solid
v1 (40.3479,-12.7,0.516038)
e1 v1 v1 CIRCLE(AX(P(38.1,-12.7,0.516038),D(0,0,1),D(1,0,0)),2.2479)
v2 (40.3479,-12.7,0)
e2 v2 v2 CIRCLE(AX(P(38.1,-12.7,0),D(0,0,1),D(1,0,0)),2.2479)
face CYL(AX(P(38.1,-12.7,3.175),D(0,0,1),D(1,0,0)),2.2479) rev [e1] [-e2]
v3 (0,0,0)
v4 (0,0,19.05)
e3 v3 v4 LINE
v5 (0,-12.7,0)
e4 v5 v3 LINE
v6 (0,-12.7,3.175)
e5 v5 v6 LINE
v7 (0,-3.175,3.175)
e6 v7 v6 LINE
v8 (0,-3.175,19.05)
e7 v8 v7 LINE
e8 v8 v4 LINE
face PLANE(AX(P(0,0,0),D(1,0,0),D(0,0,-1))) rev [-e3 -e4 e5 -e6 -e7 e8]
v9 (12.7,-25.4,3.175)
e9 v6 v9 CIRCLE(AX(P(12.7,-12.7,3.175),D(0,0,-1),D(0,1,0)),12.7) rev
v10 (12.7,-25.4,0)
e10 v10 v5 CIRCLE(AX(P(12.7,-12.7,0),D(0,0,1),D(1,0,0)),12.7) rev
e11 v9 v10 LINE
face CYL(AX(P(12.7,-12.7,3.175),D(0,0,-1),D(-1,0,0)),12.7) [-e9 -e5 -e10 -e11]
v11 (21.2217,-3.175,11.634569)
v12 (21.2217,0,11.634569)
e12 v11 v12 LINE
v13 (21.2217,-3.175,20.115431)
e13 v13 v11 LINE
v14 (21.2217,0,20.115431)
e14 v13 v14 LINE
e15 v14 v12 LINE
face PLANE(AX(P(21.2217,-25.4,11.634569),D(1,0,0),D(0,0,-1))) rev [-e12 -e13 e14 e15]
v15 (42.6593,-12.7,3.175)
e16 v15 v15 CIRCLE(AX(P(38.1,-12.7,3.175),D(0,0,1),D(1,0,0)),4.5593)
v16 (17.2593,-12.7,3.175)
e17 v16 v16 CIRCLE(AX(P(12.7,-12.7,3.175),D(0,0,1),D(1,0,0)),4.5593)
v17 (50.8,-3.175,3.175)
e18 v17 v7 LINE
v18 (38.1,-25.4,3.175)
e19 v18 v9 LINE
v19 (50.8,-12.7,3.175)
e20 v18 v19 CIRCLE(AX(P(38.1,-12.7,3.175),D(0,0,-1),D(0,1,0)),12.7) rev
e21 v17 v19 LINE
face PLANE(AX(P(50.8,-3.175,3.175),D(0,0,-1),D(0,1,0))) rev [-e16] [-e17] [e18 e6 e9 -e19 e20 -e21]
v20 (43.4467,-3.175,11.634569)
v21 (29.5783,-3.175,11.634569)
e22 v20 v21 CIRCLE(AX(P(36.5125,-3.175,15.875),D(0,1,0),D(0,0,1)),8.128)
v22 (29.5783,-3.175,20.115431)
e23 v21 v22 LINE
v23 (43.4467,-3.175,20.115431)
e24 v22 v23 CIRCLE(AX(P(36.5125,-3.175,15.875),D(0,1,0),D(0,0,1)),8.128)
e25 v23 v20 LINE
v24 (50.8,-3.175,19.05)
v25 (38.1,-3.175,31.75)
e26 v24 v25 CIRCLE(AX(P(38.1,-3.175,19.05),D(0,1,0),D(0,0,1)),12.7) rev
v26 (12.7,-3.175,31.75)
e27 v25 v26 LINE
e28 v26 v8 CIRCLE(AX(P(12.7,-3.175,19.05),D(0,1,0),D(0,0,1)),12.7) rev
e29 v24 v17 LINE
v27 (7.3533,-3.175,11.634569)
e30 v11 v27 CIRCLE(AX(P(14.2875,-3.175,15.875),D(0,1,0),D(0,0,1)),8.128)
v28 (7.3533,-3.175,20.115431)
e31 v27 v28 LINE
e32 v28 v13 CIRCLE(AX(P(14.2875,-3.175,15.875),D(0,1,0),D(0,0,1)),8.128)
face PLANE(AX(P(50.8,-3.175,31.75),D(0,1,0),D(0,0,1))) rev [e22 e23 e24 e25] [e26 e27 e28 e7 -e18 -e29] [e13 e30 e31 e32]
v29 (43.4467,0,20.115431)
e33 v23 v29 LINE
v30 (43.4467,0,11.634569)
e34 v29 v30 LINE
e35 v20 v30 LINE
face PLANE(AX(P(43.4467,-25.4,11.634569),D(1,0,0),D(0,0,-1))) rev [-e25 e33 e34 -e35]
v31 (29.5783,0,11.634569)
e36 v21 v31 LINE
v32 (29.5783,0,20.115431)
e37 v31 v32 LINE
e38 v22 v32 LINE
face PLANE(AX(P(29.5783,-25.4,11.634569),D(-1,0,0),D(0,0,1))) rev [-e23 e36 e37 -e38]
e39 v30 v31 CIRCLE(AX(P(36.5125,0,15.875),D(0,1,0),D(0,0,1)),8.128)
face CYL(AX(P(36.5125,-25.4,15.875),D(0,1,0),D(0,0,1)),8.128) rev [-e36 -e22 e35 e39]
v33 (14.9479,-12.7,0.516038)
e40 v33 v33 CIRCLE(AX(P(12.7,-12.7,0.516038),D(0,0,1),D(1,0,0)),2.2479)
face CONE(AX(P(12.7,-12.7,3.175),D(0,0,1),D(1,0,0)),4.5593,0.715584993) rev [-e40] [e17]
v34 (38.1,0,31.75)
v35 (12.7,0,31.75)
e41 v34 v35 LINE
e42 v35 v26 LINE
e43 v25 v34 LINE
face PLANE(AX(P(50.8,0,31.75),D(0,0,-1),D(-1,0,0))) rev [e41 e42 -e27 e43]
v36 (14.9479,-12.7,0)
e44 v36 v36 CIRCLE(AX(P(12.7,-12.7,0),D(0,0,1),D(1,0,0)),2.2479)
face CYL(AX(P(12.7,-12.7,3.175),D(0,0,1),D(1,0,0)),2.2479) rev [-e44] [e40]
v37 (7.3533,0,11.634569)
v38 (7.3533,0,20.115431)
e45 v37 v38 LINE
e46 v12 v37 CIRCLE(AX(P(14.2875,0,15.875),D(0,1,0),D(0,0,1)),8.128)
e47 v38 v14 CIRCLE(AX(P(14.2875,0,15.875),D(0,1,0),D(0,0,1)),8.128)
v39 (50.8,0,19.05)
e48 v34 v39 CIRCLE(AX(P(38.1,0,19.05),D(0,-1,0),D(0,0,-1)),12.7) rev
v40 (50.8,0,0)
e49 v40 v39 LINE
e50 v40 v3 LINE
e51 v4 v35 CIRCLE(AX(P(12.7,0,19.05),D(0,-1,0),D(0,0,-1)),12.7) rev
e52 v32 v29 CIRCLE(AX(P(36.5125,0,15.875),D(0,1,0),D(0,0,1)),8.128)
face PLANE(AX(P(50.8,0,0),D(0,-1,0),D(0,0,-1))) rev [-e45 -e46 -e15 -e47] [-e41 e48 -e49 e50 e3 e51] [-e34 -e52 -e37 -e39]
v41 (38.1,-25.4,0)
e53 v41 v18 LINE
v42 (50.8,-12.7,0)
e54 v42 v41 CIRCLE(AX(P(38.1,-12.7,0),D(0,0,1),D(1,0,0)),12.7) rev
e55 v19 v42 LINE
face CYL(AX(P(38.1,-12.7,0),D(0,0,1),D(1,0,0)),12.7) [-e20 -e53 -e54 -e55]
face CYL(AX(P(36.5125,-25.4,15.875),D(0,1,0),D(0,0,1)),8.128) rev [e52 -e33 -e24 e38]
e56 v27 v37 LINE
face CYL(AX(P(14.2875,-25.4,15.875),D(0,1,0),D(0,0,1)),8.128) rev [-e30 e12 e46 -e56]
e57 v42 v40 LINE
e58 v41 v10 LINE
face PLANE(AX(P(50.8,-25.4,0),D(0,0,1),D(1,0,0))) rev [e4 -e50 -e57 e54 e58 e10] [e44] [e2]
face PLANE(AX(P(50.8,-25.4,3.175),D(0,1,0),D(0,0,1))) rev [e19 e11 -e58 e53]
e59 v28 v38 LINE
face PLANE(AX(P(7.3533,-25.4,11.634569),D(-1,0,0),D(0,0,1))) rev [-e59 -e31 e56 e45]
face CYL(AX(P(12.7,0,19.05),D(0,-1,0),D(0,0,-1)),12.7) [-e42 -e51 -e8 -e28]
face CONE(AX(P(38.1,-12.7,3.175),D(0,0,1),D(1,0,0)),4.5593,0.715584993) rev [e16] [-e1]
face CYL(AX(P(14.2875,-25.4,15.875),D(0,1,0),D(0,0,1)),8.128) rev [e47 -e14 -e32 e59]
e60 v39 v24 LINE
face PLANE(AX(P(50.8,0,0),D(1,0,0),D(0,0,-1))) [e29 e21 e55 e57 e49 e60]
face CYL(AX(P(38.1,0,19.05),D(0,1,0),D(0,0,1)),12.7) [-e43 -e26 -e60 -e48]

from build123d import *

# Parameters (mm, degrees)
BOSS_EXTRUDE1_DEPTH                           = 50.8
CUT_EXTRUDE1_DEPTH                            = 66.068137364
FILLET1_R                                     = 12.7
CSK_FOR_8_FLAT_HEAD_SOCKET_CAP_SCREW1_A_COUNT = 2
CSK_FOR_8_FLAT_HEAD_SOCKET_CAP_SCREW1_A_PITCH = 25.4


with BuildPart() as part:
    # Sketch1 → Boss-Extrude1 (new body)
    with BuildSketch(Plane(origin=(0, 0, 0), x_dir=(0, 0, -1), z_dir=(1, 0, 0))):
        Polygon((0, 0), (-31.75, 0), (-31.75, -3.175), (-3.175, -3.175), (-3.175, -25.4), (0, -25.4), align=None)
    extrude(amount=BOSS_EXTRUDE1_DEPTH)

    # Sketch2 → Cut-Extrude1 (cut, through all)
    with BuildSketch(Plane(origin=(0, 0, 0), x_dir=(1, 0, 0), z_dir=(0, 1, 0))):
        with BuildLine():
            Line((7.3533, -11.634569083), (7.3533, -20.115430917))
            ThreePointArc((7.3533, -20.115430917), (14.2875, -24.003), (21.2217, -20.115430917))
            Line((21.2217, -20.115430917), (21.2217, -11.634569083))
            ThreePointArc((21.2217, -11.634569083), (14.2875, -7.747), (7.3533, -11.634569083))
        make_face()
        with BuildLine():
            Line((29.5783, -11.634569083), (29.5783, -20.115430917))
            ThreePointArc((29.5783, -20.115430917), (36.5125, -24.003), (43.4467, -20.115430917))
            Line((43.4467, -20.115430917), (43.4467, -11.634569083))
            ThreePointArc((43.4467, -11.634569083), (36.5125, -7.747), (29.5783, -11.634569083))
        make_face()
    extrude(amount=-CUT_EXTRUDE1_DEPTH, mode=Mode.SUBTRACT)

    # Fillet1
    fillet1_edges = [part.edges().sort_by_distance(p)[0] for p in [
        (50.8, -1.5875, 31.75),
        (50.8, -25.4, 1.5875),
        (0, -25.4, 1.5875),
        (0, -1.5875, 31.75),
    ]]
    fillet(fillet1_edges, radius=FILLET1_R)

    # Sketch4 → CSK for #8 Flat Head Socket Cap Screw1 (revolve, cut)
    with BuildSketch(Plane(origin=(12.7, -12.7, 3.175), x_dir=(0, -1, 0), z_dir=(1, 0, 0))):
        Polygon((0, 0), (0, 3.175), (2.2479, 3.175), (2.2479, 2.658961536), (4.5593, 0), align=None)
    csk_for_8_flat_head_socket_cap_screw1 = revolve(axis=Axis((12.7, -12.7, 9.525), (0, 0, -1)), mode=Mode.SUBTRACT)

    # CSK for #8 Flat Head Socket Cap Screw1 a: CSK for #8 Flat Head Socket Cap Screw1 ×2
    with Locations(*[(i * CSK_FOR_8_FLAT_HEAD_SOCKET_CAP_SCREW1_A_PITCH, 0, 0) for i in range(1, CSK_FOR_8_FLAT_HEAD_SOCKET_CAP_SCREW1_A_COUNT)]):
        add(csk_for_8_flat_head_socket_cap_screw1, mode=Mode.SUBTRACT)


solid = part.part
